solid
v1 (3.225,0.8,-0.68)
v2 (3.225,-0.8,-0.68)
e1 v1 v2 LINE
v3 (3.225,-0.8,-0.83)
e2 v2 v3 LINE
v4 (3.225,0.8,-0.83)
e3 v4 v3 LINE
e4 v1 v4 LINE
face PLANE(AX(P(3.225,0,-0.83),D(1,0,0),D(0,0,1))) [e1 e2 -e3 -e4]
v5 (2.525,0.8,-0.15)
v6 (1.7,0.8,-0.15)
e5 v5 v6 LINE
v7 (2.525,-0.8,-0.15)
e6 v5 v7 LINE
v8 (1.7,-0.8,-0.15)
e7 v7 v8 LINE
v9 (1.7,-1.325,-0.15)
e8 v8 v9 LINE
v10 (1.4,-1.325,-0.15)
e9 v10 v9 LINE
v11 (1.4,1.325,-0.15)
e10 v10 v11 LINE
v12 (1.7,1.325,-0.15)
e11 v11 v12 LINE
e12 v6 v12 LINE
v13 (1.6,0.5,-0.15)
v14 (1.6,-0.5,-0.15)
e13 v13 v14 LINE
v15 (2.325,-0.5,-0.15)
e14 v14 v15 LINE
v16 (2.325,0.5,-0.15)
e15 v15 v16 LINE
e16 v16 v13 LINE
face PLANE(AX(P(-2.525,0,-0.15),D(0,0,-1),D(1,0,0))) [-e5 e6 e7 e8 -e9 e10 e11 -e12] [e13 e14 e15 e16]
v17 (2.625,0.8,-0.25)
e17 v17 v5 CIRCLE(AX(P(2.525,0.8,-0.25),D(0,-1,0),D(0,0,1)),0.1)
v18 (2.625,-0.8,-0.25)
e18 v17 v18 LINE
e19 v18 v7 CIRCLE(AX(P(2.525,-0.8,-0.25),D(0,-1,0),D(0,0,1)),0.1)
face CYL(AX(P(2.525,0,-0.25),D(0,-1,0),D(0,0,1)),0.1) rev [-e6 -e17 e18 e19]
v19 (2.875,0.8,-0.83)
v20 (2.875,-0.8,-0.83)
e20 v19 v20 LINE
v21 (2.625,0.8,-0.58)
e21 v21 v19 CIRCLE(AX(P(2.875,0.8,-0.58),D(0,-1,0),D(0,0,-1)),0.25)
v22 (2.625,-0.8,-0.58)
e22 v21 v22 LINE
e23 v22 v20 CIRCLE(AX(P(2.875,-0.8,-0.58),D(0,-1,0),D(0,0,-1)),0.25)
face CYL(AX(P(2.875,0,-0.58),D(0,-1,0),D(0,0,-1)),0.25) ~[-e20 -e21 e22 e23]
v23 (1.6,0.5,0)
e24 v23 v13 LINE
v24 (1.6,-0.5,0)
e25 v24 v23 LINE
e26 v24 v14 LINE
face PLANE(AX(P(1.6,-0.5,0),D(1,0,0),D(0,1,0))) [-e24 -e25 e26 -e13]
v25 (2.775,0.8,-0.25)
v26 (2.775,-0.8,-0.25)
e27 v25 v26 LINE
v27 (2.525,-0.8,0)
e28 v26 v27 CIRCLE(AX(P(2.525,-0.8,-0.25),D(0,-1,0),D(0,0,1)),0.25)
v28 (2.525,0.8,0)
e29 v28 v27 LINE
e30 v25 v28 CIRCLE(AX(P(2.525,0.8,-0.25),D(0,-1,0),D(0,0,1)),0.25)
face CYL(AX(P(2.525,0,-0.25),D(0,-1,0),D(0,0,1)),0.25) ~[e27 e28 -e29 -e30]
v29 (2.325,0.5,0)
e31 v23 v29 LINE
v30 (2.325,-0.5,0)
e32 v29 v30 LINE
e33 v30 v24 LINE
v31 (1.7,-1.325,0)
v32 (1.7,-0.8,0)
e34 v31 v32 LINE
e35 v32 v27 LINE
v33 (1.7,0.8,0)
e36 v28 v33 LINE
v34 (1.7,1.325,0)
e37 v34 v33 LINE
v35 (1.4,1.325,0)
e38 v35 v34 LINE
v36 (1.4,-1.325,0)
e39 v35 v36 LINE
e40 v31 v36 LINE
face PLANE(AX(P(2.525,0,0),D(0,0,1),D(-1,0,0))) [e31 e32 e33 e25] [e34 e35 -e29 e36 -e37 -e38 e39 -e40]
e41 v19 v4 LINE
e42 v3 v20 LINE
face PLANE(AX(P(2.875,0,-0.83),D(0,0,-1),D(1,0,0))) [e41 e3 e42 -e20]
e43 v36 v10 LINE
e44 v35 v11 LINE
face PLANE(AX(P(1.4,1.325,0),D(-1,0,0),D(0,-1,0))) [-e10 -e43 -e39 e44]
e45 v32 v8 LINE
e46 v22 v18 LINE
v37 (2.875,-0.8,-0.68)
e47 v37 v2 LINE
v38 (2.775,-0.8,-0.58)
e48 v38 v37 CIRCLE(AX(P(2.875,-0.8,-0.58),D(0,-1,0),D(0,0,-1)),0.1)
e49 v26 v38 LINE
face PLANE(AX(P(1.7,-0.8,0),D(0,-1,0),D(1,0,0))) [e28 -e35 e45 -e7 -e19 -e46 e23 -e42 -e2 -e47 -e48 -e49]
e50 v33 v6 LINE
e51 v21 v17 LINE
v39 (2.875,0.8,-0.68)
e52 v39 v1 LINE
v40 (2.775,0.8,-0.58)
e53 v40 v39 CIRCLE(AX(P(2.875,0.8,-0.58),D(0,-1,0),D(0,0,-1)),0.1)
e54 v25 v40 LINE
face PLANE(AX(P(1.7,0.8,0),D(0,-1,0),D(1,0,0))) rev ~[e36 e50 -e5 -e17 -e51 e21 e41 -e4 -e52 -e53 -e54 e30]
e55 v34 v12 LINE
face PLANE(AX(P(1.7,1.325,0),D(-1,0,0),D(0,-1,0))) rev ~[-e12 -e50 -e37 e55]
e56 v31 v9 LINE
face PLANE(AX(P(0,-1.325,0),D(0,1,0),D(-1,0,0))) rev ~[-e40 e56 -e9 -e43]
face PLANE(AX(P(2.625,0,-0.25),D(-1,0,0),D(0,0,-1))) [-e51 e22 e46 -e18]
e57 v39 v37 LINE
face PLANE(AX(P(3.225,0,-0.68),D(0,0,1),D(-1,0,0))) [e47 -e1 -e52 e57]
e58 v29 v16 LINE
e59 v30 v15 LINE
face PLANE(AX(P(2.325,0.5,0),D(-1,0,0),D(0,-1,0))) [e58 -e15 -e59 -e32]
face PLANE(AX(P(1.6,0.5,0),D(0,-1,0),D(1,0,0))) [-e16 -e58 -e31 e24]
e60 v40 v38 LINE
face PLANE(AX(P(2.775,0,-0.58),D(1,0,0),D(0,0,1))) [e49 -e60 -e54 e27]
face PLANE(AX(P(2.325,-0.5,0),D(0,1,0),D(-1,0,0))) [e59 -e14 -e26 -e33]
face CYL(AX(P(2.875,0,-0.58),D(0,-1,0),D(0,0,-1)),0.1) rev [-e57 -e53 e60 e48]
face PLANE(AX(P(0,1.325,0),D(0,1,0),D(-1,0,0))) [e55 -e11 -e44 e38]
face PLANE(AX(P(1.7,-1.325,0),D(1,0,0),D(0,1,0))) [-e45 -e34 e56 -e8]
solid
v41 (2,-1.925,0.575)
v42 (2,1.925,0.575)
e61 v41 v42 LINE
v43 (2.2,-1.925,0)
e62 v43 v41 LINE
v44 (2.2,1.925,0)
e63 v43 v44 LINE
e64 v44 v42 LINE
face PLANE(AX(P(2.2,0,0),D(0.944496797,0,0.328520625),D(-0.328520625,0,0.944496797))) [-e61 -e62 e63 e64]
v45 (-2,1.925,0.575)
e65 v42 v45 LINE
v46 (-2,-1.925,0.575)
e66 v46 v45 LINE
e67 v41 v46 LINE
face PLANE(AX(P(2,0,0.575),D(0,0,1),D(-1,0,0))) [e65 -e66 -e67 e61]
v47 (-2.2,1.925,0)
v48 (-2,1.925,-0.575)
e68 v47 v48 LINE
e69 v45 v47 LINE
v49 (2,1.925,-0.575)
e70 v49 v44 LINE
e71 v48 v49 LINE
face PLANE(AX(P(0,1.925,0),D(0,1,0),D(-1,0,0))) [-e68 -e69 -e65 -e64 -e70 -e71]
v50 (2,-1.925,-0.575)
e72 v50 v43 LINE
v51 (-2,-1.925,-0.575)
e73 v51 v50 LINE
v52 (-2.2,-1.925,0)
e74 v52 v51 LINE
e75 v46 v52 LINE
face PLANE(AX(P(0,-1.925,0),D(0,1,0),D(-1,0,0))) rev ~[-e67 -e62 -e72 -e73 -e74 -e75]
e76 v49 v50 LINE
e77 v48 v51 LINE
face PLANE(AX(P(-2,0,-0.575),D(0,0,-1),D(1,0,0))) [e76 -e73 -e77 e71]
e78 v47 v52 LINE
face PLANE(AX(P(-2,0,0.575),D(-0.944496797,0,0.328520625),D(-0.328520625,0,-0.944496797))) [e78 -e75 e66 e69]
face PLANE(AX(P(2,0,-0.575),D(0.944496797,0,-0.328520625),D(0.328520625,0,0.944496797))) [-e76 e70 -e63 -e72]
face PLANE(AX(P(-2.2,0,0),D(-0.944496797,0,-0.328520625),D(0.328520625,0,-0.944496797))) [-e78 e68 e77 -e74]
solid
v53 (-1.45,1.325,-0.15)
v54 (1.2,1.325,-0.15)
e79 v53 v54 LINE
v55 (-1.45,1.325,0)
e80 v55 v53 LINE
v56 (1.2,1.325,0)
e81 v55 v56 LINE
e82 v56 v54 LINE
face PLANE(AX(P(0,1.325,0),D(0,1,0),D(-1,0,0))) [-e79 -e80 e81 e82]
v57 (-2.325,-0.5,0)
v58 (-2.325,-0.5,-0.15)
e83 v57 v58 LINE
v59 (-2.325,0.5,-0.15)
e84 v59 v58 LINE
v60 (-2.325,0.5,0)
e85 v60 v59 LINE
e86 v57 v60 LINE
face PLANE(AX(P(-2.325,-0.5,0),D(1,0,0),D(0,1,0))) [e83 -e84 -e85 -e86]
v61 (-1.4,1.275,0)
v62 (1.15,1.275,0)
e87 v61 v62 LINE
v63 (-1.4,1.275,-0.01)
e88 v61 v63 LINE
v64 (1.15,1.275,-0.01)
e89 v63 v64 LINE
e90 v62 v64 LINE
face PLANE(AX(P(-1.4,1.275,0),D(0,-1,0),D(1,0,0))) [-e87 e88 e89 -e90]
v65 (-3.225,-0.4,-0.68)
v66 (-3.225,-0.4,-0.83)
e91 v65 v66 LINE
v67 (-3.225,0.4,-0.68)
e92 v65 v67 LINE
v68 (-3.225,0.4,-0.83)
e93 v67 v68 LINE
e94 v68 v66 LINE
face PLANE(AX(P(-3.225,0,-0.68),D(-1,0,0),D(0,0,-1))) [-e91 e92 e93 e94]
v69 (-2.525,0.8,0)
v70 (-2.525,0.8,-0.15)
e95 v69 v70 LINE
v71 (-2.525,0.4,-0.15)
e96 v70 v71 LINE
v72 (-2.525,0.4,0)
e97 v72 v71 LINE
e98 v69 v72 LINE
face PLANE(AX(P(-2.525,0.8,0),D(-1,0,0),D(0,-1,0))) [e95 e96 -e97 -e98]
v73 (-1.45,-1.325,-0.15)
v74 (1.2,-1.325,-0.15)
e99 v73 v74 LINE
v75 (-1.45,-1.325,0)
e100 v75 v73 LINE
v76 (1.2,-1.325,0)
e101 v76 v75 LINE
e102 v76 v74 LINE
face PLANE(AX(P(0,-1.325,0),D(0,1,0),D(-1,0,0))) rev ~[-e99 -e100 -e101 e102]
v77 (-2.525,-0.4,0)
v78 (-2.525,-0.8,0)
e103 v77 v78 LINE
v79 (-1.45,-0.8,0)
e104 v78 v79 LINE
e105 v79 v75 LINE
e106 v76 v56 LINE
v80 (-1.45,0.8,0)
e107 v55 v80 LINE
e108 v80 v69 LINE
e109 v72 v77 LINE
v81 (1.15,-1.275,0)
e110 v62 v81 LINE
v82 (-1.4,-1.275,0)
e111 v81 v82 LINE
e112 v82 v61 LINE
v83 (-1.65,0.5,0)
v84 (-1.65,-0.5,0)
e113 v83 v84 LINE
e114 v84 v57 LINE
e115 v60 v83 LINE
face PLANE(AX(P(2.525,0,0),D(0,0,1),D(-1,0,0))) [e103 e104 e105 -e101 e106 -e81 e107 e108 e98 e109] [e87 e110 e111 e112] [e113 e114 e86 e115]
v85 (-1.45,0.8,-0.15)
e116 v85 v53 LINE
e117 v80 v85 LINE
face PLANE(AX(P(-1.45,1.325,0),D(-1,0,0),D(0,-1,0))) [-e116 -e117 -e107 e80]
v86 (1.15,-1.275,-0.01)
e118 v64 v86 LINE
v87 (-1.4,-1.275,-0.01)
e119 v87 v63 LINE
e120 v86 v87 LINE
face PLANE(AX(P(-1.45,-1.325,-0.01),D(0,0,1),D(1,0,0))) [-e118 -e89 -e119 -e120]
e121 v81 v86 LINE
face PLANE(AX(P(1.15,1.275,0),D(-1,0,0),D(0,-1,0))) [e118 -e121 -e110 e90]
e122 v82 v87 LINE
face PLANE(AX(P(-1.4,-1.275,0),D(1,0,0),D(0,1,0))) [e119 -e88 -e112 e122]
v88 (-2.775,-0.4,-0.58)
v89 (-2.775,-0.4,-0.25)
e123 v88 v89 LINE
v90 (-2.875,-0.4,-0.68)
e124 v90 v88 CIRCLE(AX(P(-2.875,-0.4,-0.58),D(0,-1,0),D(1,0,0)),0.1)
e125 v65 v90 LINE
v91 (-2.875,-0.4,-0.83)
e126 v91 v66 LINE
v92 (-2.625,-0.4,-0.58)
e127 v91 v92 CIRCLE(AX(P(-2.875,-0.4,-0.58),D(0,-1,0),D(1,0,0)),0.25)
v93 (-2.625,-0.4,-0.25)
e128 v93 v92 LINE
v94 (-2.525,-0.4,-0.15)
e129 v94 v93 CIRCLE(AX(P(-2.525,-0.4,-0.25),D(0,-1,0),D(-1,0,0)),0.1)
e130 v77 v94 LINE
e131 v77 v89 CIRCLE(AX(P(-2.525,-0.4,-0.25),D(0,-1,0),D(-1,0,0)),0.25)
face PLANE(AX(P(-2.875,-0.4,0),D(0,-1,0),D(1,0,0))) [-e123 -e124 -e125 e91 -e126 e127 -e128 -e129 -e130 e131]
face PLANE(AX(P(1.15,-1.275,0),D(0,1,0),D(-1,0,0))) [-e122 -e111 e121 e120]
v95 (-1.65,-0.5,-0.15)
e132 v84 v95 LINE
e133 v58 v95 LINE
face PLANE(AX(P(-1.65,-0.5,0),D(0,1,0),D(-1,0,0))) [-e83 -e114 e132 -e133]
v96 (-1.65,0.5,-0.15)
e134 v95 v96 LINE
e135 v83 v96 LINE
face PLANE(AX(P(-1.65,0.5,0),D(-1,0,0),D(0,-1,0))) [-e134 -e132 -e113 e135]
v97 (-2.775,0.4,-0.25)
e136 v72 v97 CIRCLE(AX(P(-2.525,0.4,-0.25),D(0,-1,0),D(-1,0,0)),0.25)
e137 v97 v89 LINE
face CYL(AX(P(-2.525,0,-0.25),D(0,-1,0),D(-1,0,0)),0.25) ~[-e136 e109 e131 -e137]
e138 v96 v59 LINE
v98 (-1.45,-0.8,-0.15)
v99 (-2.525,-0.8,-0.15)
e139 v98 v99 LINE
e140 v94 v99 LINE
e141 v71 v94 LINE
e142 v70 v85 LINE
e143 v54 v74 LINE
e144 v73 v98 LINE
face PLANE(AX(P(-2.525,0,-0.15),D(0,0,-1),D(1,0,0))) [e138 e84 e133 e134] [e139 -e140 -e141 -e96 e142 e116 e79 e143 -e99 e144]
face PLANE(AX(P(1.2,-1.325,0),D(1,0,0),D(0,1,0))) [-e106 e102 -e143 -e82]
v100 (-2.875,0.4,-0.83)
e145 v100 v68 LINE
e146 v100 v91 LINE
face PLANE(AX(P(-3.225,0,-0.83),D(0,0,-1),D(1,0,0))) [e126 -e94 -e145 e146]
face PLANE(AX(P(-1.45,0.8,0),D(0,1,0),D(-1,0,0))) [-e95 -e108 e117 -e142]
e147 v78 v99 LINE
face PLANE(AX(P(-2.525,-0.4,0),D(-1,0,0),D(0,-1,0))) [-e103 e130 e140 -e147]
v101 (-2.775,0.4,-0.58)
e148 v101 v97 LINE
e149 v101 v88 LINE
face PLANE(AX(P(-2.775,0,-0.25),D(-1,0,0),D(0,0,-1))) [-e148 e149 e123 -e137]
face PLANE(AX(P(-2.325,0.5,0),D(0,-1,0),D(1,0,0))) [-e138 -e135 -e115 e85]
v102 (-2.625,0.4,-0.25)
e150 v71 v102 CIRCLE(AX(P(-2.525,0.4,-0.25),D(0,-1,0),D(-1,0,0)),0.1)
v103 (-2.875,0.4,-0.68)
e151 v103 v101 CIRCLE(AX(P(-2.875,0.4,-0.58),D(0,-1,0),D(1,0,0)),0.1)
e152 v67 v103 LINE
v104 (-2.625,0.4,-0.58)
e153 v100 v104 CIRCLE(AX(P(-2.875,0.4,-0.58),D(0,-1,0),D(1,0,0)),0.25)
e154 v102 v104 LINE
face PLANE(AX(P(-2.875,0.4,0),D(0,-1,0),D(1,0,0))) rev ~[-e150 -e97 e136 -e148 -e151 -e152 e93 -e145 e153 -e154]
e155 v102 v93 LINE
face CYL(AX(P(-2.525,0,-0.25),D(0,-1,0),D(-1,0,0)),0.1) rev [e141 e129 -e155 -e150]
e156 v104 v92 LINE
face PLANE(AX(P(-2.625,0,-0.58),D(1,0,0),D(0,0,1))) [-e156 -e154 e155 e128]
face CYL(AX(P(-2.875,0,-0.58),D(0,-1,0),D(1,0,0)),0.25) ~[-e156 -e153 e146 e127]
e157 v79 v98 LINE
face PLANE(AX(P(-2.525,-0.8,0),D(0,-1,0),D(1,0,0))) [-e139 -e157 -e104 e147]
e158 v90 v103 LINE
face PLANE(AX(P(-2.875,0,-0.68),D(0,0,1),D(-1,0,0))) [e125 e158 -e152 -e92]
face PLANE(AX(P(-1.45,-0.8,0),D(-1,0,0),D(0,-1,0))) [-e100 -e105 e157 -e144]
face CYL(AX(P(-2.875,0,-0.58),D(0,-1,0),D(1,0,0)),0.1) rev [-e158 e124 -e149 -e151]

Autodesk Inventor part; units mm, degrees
ref_plane "YZ Plane" through (0, 0, 0) normal (1, 0, 0) x (0, 1, 0)
ref_plane "XZ Plane" through (0, 0, 0) normal (0, 1, 0) x (-1, 0, 0)
ref_plane "XY Plane" through (0, 0, 0) normal (0, 0, 1) x (1, 0, 0)
sketch "Sketch2" plane through (0, 0, 0) normal (0, 1, 0) x (-1, 0, 0)
  line L0 (3.225, -0.83) -> (2.875, -0.83)
  arc A0 (2.625, -0.58) -> (2.875, -0.83) centre (2.875, -0.58) ccw
  line L1 (2.625, -0.58) -> (2.625, -0.25)
  arc A1 (2.625, -0.25) -> (2.525, -0.15) centre (2.525, -0.25) ccw
  line L2 (2.525, -0.15) -> (-2.525, -0.15)
  arc A2 (-2.525, -0.15) -> (-2.625, -0.25) centre (-2.525, -0.25) ccw
  line L3 (-2.625, -0.25) -> (-2.625, -0.58)
  arc A3 (-2.875, -0.83) -> (-2.625, -0.58) centre (-2.875, -0.58) ccw
  line L4 (-2.875, -0.83) -> (-3.225, -0.83)
  line L5 (-3.225, -0.83) -> (-3.225, -0.68)
  line L6 (-3.225, -0.68) -> (-2.875, -0.68)
  arc A4 (-2.875, -0.68) -> (-2.775, -0.58) centre (-2.875, -0.58) ccw
  line L7 (-2.775, -0.58) -> (-2.775, -0.25)
  arc A5 (-2.525, 0) -> (-2.775, -0.25) centre (-2.525, -0.25) ccw
  line L8 (-2.525, 0) -> (2.525, 0)
  arc A6 (2.775, -0.25) -> (2.525, 0) centre (2.525, -0.25) ccw
  line L9 (2.775, -0.25) -> (2.775, -0.58)
  arc A7 (2.775, -0.58) -> (2.875, -0.68) centre (2.875, -0.58) ccw
  line L10 (2.875, -0.68) -> (3.225, -0.68)
  line L11 (3.225, -0.68) -> (3.225, -0.83)
  point P0 (0, 0)
  point P1 (0, 0)
  point P2 (0, 0)
  dimension "d5" = 0.15
  dimension "d6" = 6.45
  dimension "d7" = 0.83
  dimension "d8" = 0.1
  dimension "d9" = 0.7
extrude "Extrusion2" add sketch "Sketch2" along normal mid plane 2.65
sketch "Sketch3" plane through (-2.525, 1.325, 0) normal (0, 0, 1) x (1, 0, 0)
  line L0 (-0.35, 0) -> (-0.35, -2.65)
  line L1 (-0.7, 0) -> (-0.35, 0)
  line L2 (-0.7, 0) -> (-0.7, -2.65)
  line L3 (-0.35, -2.65) -> (-0.7, -2.65)
  line L4 (-0.25, 0) -> (-0.25, -2.65)
  line L5 (-0.35, 0) -> (-0.25, 0)
  line L6 (-0.35, 0) -> (-0.35, -2.65)
  line L7 (-0.25, -2.65) -> (-0.35, -2.65)
  line L8 (0, 0) -> (0, -2.65)
  line L9 (-0.25, 0) -> (0, 0)
  line L10 (-0.25, 0) -> (-0.25, -2.65)
  line L11 (0, -2.65) -> (-0.25, -2.65)
  line L12 (5.05, 0) -> (5.05, -2.65)
  line L13 (0, 0) -> (5.05, 0)
  line L14 (0, 0) -> (0, -2.65)
  line L15 (5.05, -2.65) -> (0, -2.65)
  line L16 (5.75, 0) -> (5.75, -2.65)
  line L17 (5.4, 0) -> (5.75, 0)
  line L18 (5.4, 0) -> (5.4, -2.65)
  line L19 (5.75, -2.65) -> (5.4, -2.65)
  line L20 (5.4, 0) -> (5.4, -2.65)
  line L21 (5.3, 0) -> (5.4, 0)
  line L22 (5.3, 0) -> (5.3, -2.65)
  line L23 (5.4, -2.65) -> (5.3, -2.65)
  line L24 (5.3, 0) -> (5.3, -2.65)
  line L25 (5.05, 0) -> (5.3, 0)
  line L26 (5.05, 0) -> (5.05, -2.65)
  line L27 (5.3, -2.65) -> (5.05, -2.65)
  line L28 (-0.7, 0) -> (-0.7, -2.65)
  line L29 (-0.7, -0.925) -> (-0.35, -0.925)
  line L30 (-0.35, 0) -> (-0.35, -2.65)
  line L31 (-0.7, -1.725) -> (-0.35, -1.725)
  line L32 (-0.7, -0.925) -> (-0.7, -1.725)
  line L33 (1.075, 0) -> (1.075, -0.525)
  line L34 (1.075, -0.525) -> (0, -0.525)
  line L35 (0, -2.125) -> (1.075, -2.125)
  line L36 (1.075, -2.125) -> (1.075, -2.65)
  line L37 (0, -2.65) -> (5.05, -2.65)
  line L38 (3.725, -2.65) -> (3.725, 0)
  line L39 (0, 0) -> (5.05, 0)
  line L40 (3.925, 0) -> (3.925, -2.65)
  line L41 (4.225, -2.65) -> (4.225, -2.125)
  line L42 (4.225, -2.125) -> (5.75, -2.125)
  line L43 (4.225, 0) -> (4.225, -0.525)
  line L44 (4.225, -0.525) -> (5.75, -0.525)
  line L45 (5.75, -0.525) -> (5.75, -2.125)
  line L46 (5.75, 0) -> (5.75, -2.65)
  line L47 (0, -0.525) -> (0, -2.125)
  line L48 (-0.35, -0.925) -> (0, -0.925)
  line L49 (-0.35, -1.725) -> (0, -1.725)
  point P0 (2.525, -1.325)
  point P1 (5.75, -1.325)
  point P2 (-0.7, -1.325)
extrude "Extrusion4" cut sketch "Sketch3" against normal through all contours L48 L4 L49 L0 | L0 L31 L2 L29 | L48 L8 L49 L4 | L8 L34 L33 L13 L38 L15 L36 L35 | L13 L43 L44 L12 L42 L41 L15 L40 | L44 L22 L42 L12 | L44 L18 L42 L22 | L44 L16 L42 L18 keep common part
sketch "Sketch4" plane through (-1.45, -1.325, 0) normal (0, 0, 1) x (1, 0, 0)
  line L0 (0, 2.125) -> (0, 2.65) projected
  line L1 (-1.075, 2.125) -> (0, 2.125) projected
  line L2 (-1.075, 2.125) -> (-1.075, 1.725) projected
  line L3 (-1.075, 1.725) -> (-1.075, 0.925) projected
  line L4 (-1.075, 0.925) -> (-1.075, 0.525) projected
  line L5 (0, 0.525) -> (-1.075, 0.525) projected
  line L6 (0, 0) -> (0, 0.525) projected
  line L7 (2.65, 0) -> (0, 0) projected
  line L8 (2.65, 2.65) -> (2.65, 0) projected
  line L9 (0, 2.65) -> (2.65, 2.65) projected
  line L10 (0.05, 2.6) -> (2.6, 2.6)
  line L11 (2.6, 2.6) -> (2.6, 0.05)
  line L12 (2.6, 0.05) -> (0.05, 0.05)
  line L13 (0.05, 0.05) -> (0.05, 2.6)
  point P0 (1.45, 1.325)
  point P1 (1.325, 2.6)
  point P2 (1.325, 2.65)
  point P3 (2.6, 1.325)
  point P4 (2.65, 1.325)
  dimension "d22" = 0.05
  dimension "d23" = 0.05
extrude "Extrusion5" cut sketch "Sketch4" against normal blind 0.01 contours L10 L11 L12 L13
sketch "Sketch5" plane through (-1.45, -1.325, 0) normal (0, 0, 1) x (1, 0, 0)
  line L0 (0.05, 0.05) -> (0.05, 2.6) projected
  line L1 (0.05, 2.6) -> (2.6, 2.6) projected
  line L2 (2.6, 2.6) -> (2.6, 0.05) projected
  line L3 (2.6, 0.05) -> (0.05, 0.05) projected
  line L4 (0, 2.125) -> (0, 2.65) projected
  line L5 (-1.075, 2.125) -> (0, 2.125) projected
  line L6 (-1.075, 2.125) -> (-1.075, 1.725) projected
  line L7 (-1.075, 1.725) -> (-1.075, 0.925) projected
  line L8 (-1.075, 0.925) -> (-1.075, 0.525) projected
  line L9 (0, 0.525) -> (-1.075, 0.525) projected
  line L10 (0, 0) -> (0, 0.525) projected
  line L11 (2.65, 0) -> (0, 0) projected
  line L12 (2.65, 2.65) -> (2.65, 0) projected
  line L13 (0, 2.65) -> (2.65, 2.65) projected
  line L14 (3.975, 0.525) -> (3.15, 0.525) projected
  line L15 (3.975, 2.125) -> (3.975, 0.525) projected
  line L16 (3.15, 2.125) -> (3.975, 2.125) projected
  line L17 (3.15, 2.65) -> (3.15, 2.125) projected
  line L18 (2.85, 2.65) -> (3.15, 2.65) projected
  line L19 (2.85, 0) -> (2.85, 2.65) projected
  line L20 (3.15, 0) -> (2.85, 0) projected
  line L21 (3.15, 0.525) -> (3.15, 0) projected
  line L22 (-0.875, 1.825) -> (-0.2, 1.825)
  line L23 (-0.2, 1.825) -> (-0.2, 0.825)
  line L24 (-0.2, 0.825) -> (-0.875, 0.825)
  line L25 (-0.875, 0.825) -> (-0.875, 1.825)
  line L26 (3.05, 1.825) -> (3.775, 1.825)
  line L27 (3.775, 1.825) -> (3.775, 0.825)
  line L28 (3.775, 0.825) -> (3.05, 0.825)
  line L29 (3.05, 0.825) -> (3.05, 1.825)
  point P0 (1.45, 1.325)
  point P1 (-0.5375, 2.125)
  point P2 (-0.5375, 1.825)
  point P3 (-0.2, 1.325)
  dimension "d26" = 0.3
  dimension "d27" = 0.2
  dimension "d28" = 0.2
  dimension "d29" = 0.2
extrude "Extrusion6" cut sketch "Sketch5" against normal through all contours L22 L23 L24 L25 | L26 L27 L28 L29
sketch "Sketch1" plane through (0, 0, 0) normal (0, 1, 0) x (-1, 0, 0)
  line L0 (2, 0.575) -> (2.2, 0)
  line L1 (2.2, 0) -> (2, -0.575)
  line L2 (2, -0.575) -> (-2, -0.575)
  line L3 (-2, -0.575) -> (-2.2, 0)
  line L4 (-2.2, 0) -> (-2, 0.575)
  line L5 (-2, 0.575) -> (2, 0.575)
  point P0 (0, 0)
  point P1 (0, 0.575)
  point P2 (0, -0.575)
  dimension "d0" = 1.15
  dimension "d1" = 4.4
  dimension "d2" = 4
extrude "Extrusion1" add sketch "Sketch1" along normal mid plane 3.85 separate body
equation "\"d23\" = d22"
equation "\"d28\" = d27"
equation "\"d29\" = d28"
properties part number "Photodiode_SFH2430" material "Silver"
